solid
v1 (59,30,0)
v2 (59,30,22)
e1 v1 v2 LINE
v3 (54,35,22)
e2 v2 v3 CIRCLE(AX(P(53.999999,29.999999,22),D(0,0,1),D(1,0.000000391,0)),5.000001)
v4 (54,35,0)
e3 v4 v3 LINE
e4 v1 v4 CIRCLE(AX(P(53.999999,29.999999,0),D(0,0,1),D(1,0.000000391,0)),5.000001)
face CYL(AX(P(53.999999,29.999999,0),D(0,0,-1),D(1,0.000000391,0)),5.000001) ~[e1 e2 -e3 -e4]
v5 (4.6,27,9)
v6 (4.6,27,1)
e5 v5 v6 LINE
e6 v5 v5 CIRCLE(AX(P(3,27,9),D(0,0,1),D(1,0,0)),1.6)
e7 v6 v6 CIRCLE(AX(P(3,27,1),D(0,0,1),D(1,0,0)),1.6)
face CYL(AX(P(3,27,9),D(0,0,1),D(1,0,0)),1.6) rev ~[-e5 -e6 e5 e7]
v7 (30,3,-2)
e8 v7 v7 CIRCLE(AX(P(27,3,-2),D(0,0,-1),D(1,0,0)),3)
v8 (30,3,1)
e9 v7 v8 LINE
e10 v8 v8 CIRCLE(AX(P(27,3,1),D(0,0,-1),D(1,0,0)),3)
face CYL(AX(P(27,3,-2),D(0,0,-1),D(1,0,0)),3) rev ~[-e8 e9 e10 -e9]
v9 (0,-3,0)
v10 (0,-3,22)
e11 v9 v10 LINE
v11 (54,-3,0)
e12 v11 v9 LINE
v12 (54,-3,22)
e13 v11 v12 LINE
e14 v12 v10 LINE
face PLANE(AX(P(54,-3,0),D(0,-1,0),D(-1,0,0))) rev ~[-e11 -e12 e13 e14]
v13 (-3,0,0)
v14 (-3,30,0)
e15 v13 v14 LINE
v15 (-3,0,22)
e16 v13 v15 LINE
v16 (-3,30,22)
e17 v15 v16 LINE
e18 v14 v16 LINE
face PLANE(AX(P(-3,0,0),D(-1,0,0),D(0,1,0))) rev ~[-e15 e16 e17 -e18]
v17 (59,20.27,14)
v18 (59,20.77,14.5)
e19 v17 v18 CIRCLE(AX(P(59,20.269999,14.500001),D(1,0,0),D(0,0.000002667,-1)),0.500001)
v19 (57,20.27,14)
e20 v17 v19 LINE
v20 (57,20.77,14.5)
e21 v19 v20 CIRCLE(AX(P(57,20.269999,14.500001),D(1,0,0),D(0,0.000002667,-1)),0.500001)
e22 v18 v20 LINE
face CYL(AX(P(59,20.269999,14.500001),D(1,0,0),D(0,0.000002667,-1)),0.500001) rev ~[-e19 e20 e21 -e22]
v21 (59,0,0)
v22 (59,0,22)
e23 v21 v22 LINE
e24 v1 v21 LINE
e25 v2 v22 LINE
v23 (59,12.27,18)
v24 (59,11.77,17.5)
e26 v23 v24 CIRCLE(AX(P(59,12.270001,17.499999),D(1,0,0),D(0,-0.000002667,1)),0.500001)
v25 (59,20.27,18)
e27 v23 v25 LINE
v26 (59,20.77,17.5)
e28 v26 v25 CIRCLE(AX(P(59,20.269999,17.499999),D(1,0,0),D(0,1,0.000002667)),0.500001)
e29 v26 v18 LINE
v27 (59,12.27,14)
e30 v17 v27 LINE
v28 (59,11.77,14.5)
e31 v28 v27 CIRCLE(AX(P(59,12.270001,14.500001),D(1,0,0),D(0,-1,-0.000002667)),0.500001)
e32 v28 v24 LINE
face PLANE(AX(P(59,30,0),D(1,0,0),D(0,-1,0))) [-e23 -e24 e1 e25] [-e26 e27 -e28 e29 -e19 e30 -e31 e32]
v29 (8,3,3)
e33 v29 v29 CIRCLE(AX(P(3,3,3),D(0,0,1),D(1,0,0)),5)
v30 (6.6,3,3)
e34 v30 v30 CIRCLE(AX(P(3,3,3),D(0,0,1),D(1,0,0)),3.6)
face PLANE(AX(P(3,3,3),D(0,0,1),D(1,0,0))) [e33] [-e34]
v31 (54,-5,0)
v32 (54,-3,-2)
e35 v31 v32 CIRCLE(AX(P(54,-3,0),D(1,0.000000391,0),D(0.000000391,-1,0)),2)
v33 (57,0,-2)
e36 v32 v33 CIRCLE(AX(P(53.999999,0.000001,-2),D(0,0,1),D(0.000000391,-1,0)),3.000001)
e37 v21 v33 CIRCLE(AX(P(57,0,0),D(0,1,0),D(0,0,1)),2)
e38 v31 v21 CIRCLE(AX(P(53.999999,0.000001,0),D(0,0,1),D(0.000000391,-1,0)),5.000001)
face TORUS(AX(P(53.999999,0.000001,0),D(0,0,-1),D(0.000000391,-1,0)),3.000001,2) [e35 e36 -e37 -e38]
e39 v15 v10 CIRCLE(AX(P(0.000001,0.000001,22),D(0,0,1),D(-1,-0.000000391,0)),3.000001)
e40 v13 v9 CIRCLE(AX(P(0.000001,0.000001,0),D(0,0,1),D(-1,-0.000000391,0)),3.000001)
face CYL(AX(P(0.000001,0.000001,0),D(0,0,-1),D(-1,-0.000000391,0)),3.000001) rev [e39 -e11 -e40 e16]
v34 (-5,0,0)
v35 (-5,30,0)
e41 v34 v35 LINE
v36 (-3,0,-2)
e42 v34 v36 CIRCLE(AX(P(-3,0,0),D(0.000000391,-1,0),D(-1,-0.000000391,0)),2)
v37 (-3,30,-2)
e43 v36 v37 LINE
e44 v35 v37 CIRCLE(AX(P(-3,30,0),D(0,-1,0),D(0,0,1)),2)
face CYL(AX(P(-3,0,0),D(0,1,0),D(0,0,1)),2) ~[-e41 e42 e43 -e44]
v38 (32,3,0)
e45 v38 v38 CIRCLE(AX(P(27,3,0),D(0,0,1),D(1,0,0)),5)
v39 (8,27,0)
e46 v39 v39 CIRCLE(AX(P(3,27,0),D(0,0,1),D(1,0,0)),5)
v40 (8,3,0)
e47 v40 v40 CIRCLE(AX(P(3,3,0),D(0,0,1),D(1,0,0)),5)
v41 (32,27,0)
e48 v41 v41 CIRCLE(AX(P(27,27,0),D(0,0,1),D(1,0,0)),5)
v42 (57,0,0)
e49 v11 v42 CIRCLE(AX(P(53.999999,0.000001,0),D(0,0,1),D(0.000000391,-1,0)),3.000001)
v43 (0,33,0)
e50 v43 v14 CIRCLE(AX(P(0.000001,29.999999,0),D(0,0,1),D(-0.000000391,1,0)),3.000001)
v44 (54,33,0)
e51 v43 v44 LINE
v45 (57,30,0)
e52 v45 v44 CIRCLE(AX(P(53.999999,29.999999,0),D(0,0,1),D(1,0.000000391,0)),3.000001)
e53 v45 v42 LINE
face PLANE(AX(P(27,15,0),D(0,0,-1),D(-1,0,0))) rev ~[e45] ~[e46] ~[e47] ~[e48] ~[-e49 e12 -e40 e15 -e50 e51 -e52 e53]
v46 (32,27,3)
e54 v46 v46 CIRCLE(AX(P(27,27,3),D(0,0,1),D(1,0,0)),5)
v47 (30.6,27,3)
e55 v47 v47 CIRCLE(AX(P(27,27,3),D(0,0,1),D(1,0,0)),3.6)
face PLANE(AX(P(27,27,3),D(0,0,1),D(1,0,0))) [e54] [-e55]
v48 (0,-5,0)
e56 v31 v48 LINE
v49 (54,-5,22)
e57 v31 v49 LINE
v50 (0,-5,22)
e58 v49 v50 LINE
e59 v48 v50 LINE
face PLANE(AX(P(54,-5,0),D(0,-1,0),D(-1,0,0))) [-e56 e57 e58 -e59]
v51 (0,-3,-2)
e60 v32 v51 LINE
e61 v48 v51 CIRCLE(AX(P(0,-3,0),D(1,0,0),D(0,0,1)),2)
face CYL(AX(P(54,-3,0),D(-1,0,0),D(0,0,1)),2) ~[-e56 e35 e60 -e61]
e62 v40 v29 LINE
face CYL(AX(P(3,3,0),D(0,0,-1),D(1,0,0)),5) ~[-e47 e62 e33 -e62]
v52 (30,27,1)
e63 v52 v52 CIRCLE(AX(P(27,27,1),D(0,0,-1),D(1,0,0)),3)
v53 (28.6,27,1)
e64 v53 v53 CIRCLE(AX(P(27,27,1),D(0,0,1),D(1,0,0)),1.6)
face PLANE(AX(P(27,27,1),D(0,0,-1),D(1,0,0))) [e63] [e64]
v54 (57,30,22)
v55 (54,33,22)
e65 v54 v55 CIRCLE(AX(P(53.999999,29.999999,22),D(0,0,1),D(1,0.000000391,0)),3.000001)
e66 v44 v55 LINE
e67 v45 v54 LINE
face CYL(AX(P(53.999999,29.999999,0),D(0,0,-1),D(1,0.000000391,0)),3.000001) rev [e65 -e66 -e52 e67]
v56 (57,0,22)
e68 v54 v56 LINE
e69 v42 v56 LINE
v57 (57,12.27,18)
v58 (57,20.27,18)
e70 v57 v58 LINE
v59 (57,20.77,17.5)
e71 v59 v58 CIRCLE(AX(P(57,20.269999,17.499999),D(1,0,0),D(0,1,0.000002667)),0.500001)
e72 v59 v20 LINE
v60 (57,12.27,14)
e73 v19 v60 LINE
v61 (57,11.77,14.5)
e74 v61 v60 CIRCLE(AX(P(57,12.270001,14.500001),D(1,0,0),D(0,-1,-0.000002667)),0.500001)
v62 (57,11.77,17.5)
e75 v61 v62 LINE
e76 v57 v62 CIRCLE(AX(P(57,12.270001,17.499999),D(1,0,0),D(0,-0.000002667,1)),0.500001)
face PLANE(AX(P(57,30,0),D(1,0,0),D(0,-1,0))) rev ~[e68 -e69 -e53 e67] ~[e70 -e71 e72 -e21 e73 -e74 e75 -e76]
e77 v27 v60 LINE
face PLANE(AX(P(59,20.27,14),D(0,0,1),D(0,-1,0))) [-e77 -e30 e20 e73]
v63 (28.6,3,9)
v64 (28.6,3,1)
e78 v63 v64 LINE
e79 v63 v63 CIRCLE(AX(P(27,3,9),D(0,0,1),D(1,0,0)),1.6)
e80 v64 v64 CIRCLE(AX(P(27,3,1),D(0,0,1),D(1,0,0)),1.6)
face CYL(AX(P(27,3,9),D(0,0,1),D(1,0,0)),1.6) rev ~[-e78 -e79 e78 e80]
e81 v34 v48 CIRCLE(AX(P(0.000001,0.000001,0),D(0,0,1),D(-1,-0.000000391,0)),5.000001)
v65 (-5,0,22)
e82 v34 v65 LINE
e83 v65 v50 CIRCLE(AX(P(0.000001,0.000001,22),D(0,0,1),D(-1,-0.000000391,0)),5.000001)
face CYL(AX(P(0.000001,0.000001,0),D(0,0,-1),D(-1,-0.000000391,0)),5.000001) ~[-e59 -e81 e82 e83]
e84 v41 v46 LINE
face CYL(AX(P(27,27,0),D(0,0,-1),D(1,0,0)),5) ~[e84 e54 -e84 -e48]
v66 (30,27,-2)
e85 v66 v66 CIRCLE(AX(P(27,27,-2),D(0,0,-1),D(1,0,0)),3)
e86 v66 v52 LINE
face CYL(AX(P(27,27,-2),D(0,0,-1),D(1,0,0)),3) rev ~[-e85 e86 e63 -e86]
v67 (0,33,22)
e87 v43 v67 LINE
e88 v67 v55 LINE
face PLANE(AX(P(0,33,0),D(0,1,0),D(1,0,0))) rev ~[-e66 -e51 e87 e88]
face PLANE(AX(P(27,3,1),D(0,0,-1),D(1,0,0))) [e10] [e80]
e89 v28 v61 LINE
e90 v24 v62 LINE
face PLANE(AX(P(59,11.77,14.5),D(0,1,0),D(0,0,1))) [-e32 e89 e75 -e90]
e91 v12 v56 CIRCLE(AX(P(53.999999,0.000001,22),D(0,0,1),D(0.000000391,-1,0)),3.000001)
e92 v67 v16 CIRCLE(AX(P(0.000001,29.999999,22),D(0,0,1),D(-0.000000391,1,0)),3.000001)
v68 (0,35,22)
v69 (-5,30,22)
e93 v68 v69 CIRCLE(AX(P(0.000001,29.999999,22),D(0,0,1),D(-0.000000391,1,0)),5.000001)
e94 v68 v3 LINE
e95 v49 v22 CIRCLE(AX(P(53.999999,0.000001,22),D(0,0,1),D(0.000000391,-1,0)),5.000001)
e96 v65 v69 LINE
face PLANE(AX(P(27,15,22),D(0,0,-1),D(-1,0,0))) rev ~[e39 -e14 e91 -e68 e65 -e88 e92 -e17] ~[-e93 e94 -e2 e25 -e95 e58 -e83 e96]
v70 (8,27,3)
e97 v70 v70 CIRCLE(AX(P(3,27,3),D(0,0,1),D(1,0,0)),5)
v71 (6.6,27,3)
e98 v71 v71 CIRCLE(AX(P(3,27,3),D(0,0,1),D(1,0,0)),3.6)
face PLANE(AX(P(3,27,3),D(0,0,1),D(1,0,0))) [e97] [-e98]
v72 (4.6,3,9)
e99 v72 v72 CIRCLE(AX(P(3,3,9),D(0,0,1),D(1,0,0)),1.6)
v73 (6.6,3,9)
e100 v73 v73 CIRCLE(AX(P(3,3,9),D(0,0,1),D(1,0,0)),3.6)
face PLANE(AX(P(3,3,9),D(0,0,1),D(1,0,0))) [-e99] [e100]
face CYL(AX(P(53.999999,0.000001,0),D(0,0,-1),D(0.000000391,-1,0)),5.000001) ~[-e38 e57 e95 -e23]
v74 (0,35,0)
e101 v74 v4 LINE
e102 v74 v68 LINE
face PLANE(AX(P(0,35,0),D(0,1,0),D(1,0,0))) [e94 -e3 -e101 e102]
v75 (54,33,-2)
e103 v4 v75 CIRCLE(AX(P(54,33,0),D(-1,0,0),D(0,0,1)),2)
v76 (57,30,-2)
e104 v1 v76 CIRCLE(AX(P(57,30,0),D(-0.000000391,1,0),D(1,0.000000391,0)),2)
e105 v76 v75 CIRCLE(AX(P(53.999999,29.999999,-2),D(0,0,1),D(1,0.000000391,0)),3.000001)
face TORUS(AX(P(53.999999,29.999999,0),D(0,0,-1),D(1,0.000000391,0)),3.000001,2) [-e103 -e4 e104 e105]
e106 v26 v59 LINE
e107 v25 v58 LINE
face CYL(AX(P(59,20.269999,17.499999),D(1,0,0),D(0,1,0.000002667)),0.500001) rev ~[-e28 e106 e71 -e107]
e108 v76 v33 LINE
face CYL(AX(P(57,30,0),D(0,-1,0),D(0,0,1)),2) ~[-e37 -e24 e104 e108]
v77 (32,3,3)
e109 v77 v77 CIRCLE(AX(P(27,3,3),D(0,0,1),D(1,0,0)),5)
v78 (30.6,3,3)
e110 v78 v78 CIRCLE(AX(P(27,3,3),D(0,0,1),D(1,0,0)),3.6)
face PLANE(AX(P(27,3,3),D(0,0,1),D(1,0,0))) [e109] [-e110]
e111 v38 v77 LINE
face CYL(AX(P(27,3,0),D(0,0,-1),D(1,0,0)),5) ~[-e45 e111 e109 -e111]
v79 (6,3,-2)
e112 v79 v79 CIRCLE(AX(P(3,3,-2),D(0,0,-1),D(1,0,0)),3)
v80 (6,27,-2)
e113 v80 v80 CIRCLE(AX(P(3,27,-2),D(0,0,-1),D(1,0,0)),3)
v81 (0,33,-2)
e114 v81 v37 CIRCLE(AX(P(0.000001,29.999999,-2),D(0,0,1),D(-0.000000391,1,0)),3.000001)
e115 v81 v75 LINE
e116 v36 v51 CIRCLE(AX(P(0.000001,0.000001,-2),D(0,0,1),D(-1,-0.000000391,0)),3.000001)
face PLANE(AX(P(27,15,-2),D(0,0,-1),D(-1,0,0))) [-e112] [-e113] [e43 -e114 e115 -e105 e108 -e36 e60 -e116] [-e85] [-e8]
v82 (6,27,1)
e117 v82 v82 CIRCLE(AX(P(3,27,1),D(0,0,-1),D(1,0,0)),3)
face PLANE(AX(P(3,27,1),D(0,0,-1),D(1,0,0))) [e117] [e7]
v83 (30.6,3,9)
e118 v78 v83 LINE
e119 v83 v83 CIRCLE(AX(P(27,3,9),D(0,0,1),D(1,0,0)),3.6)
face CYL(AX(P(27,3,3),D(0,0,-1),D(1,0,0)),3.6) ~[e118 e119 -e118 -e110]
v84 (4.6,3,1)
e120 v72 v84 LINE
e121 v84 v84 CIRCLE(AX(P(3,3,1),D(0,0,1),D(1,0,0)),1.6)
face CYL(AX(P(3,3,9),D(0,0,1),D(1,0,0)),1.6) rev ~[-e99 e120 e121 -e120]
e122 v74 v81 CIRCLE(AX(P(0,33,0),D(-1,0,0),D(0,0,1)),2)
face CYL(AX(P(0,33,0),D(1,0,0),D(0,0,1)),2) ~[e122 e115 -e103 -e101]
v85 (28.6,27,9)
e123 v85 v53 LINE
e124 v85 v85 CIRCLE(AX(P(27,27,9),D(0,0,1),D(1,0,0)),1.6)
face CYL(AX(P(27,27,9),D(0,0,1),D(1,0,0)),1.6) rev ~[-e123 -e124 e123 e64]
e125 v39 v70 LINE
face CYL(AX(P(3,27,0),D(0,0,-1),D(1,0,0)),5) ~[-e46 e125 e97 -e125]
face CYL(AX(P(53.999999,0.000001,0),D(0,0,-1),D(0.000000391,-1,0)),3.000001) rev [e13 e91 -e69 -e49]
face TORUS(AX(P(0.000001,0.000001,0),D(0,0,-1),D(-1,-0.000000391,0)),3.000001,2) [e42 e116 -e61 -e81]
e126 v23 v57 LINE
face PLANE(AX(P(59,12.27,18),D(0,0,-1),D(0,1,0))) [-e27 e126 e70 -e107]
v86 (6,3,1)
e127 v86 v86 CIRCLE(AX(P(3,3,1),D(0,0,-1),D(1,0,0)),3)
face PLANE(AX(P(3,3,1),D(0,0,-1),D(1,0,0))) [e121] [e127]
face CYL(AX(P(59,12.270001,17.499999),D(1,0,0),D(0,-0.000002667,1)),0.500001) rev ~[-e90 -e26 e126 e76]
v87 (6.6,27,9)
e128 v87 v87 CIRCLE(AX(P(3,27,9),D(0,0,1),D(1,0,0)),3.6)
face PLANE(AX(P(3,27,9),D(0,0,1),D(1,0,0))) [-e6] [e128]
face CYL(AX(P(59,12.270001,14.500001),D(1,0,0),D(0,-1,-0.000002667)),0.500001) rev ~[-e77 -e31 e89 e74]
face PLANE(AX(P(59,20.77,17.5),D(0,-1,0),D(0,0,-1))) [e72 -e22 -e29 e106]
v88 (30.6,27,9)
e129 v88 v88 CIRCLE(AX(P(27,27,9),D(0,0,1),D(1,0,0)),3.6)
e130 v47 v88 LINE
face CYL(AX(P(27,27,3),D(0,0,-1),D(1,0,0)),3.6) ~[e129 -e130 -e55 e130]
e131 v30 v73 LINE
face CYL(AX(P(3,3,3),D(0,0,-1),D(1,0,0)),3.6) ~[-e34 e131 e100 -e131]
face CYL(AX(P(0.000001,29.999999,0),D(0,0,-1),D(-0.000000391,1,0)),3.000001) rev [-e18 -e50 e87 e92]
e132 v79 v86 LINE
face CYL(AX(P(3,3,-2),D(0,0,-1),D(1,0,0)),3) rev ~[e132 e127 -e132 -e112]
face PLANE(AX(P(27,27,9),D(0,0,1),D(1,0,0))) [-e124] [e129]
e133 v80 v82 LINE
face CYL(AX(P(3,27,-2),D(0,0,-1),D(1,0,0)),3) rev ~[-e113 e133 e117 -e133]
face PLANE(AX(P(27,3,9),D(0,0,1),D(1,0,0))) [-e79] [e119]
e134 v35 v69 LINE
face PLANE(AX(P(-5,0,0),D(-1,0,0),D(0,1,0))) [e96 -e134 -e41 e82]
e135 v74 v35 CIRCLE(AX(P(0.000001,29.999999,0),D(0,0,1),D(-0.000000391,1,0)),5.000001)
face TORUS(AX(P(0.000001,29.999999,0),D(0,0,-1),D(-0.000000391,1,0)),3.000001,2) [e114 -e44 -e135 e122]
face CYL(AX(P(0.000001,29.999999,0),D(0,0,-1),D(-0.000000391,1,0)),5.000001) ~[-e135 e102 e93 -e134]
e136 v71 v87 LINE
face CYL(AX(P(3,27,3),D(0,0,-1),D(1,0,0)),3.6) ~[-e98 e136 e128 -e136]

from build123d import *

# Parameters (mm, degrees)
PAD_DEPTH       = 22
THICKNESS_T     = 2
SKETCH001_R     = 5
PAD001_DEPTH    = 3
SKETCH002_R     = 3.6
PAD002_DEPTH    = 6
SKETCH003_R     = 3.6
PAD003_DEPTH    = 6
SKETCH004_R     = 3.6
PAD004_DEPTH    = 6
SKETCH005_R     = 3.6
PAD005_DEPTH    = 6
SKETCH006_R     = 1.6
POCKET_DEPTH    = 11
SKETCH007_R     = 1.6
POCKET001_DEPTH = 11
SKETCH008_R     = 1.6
POCKET002_DEPTH = 11
SKETCH009_R     = 1.6
POCKET003_DEPTH = 11
SKETCH010_R     = 3
POCKET004_DEPTH = 3
POCKET005_DEPTH = 2


with BuildPart() as part:
    # Sketch → Pad (new body)
    with BuildSketch(Plane.XY):
        with BuildLine():
            Line((0, 33), (54, 33))
            ThreePointArc((57, 30), (56.12132, 32.12132), (54, 33))
            Line((57, 30), (57, 0))
            ThreePointArc((54, -3), (56.12132, -2.12132), (57, 0))
            Line((54, -3), (0, -3))
            ThreePointArc((-3, 0), (-2.12132, -2.12132), (0, -3))
            Line((-3, 0), (-3, 30))
            ThreePointArc((0, 33), (-2.12132, 32.12132), (-3, 30))
        make_face()
    extrude(amount=PAD_DEPTH)

    # Thickness
    thickness_openings = [part.faces().sort_by_distance(p)[0] for p in [
        (27, 15, 22),
    ]]
    offset(amount=THICKNESS_T, openings=thickness_openings)

    # Sketch001 → Pad001 (new body)
    with BuildSketch(Plane.XY):
        with Locations((3, 27)):
            Circle(SKETCH001_R)
        with Locations((3, 3)):
            Circle(SKETCH001_R)
        with Locations((27, 27)):
            Circle(SKETCH001_R)
        with Locations((27, 3)):
            Circle(SKETCH001_R)
    extrude(amount=PAD001_DEPTH)

    # Sketch002 → Pad002 (new body)
    with BuildSketch(Plane.XY.offset(3)):
        with Locations((27, 27)):
            Circle(SKETCH002_R)
    extrude(amount=PAD002_DEPTH)

    # Sketch003 → Pad003 (new body)
    with BuildSketch(Plane.XY.offset(3)):
        with Locations((27, 3)):
            Circle(SKETCH003_R)
    extrude(amount=PAD003_DEPTH)

    # Sketch004 → Pad004 (new body)
    with BuildSketch(Plane.XY.offset(3)):
        with Locations((3, 27)):
            Circle(SKETCH004_R)
    extrude(amount=PAD004_DEPTH)

    # Sketch005 → Pad005 (new body)
    with BuildSketch(Plane.XY.offset(3)):
        with Locations((3, 3)):
            Circle(SKETCH005_R)
    extrude(amount=PAD005_DEPTH)

    # Sketch006 → Pocket (cut)
    with BuildSketch(Plane.XY.offset(9)):
        with Locations((27, 27)):
            Circle(SKETCH006_R)
    extrude(amount=-POCKET_DEPTH, mode=Mode.SUBTRACT)

    # Sketch007 → Pocket001 (cut)
    with BuildSketch(Plane.XY.offset(9)):
        with Locations((27, 3)):
            Circle(SKETCH007_R)
    extrude(amount=-POCKET001_DEPTH, mode=Mode.SUBTRACT)

    # Sketch008 → Pocket002 (cut)
    with BuildSketch(Plane.XY.offset(9)):
        with Locations((3, 27)):
            Circle(SKETCH008_R)
    extrude(amount=-POCKET002_DEPTH, mode=Mode.SUBTRACT)

    # Sketch009 → Pocket003 (cut)
    with BuildSketch(Plane.XY.offset(9)):
        with Locations((3, 3)):
            Circle(SKETCH009_R)
    extrude(amount=-POCKET003_DEPTH, mode=Mode.SUBTRACT)

    # Sketch010 → Pocket004 (cut)
    with BuildSketch(Plane(origin=(0, 0, -2), x_dir=(1, 0, 0), z_dir=(0, 0, -1))):
        with Locations((27, -3)):
            Circle(SKETCH010_R)
        with Locations((27, -27)):
            Circle(SKETCH010_R)
        with Locations((3, -3)):
            Circle(SKETCH010_R)
        with Locations((3, -27)):
            Circle(SKETCH010_R)
    extrude(amount=-POCKET004_DEPTH, mode=Mode.SUBTRACT)

    # Sketch011 → Pocket005 (cut)
    with BuildSketch(Plane.YZ.offset(59)):
        with BuildLine():
            Line((12.27, 18), (20.27, 18))
            ThreePointArc((20.77, 17.5), (20.623553, 17.853553), (20.27, 18))
            Line((20.77, 17.5), (20.77, 14.5))
            ThreePointArc((20.27, 14), (20.623553, 14.146447), (20.77, 14.5))
            Line((20.27, 14), (12.27, 14))
            ThreePointArc((11.77, 14.5), (11.916447, 14.146447), (12.27, 14))
            Line((11.77, 14.5), (11.77, 17.5))
            ThreePointArc((12.27, 18), (11.916447, 17.853553), (11.77, 17.5))
        make_face()
    extrude(amount=-POCKET005_DEPTH, mode=Mode.SUBTRACT)


solid = part.part
